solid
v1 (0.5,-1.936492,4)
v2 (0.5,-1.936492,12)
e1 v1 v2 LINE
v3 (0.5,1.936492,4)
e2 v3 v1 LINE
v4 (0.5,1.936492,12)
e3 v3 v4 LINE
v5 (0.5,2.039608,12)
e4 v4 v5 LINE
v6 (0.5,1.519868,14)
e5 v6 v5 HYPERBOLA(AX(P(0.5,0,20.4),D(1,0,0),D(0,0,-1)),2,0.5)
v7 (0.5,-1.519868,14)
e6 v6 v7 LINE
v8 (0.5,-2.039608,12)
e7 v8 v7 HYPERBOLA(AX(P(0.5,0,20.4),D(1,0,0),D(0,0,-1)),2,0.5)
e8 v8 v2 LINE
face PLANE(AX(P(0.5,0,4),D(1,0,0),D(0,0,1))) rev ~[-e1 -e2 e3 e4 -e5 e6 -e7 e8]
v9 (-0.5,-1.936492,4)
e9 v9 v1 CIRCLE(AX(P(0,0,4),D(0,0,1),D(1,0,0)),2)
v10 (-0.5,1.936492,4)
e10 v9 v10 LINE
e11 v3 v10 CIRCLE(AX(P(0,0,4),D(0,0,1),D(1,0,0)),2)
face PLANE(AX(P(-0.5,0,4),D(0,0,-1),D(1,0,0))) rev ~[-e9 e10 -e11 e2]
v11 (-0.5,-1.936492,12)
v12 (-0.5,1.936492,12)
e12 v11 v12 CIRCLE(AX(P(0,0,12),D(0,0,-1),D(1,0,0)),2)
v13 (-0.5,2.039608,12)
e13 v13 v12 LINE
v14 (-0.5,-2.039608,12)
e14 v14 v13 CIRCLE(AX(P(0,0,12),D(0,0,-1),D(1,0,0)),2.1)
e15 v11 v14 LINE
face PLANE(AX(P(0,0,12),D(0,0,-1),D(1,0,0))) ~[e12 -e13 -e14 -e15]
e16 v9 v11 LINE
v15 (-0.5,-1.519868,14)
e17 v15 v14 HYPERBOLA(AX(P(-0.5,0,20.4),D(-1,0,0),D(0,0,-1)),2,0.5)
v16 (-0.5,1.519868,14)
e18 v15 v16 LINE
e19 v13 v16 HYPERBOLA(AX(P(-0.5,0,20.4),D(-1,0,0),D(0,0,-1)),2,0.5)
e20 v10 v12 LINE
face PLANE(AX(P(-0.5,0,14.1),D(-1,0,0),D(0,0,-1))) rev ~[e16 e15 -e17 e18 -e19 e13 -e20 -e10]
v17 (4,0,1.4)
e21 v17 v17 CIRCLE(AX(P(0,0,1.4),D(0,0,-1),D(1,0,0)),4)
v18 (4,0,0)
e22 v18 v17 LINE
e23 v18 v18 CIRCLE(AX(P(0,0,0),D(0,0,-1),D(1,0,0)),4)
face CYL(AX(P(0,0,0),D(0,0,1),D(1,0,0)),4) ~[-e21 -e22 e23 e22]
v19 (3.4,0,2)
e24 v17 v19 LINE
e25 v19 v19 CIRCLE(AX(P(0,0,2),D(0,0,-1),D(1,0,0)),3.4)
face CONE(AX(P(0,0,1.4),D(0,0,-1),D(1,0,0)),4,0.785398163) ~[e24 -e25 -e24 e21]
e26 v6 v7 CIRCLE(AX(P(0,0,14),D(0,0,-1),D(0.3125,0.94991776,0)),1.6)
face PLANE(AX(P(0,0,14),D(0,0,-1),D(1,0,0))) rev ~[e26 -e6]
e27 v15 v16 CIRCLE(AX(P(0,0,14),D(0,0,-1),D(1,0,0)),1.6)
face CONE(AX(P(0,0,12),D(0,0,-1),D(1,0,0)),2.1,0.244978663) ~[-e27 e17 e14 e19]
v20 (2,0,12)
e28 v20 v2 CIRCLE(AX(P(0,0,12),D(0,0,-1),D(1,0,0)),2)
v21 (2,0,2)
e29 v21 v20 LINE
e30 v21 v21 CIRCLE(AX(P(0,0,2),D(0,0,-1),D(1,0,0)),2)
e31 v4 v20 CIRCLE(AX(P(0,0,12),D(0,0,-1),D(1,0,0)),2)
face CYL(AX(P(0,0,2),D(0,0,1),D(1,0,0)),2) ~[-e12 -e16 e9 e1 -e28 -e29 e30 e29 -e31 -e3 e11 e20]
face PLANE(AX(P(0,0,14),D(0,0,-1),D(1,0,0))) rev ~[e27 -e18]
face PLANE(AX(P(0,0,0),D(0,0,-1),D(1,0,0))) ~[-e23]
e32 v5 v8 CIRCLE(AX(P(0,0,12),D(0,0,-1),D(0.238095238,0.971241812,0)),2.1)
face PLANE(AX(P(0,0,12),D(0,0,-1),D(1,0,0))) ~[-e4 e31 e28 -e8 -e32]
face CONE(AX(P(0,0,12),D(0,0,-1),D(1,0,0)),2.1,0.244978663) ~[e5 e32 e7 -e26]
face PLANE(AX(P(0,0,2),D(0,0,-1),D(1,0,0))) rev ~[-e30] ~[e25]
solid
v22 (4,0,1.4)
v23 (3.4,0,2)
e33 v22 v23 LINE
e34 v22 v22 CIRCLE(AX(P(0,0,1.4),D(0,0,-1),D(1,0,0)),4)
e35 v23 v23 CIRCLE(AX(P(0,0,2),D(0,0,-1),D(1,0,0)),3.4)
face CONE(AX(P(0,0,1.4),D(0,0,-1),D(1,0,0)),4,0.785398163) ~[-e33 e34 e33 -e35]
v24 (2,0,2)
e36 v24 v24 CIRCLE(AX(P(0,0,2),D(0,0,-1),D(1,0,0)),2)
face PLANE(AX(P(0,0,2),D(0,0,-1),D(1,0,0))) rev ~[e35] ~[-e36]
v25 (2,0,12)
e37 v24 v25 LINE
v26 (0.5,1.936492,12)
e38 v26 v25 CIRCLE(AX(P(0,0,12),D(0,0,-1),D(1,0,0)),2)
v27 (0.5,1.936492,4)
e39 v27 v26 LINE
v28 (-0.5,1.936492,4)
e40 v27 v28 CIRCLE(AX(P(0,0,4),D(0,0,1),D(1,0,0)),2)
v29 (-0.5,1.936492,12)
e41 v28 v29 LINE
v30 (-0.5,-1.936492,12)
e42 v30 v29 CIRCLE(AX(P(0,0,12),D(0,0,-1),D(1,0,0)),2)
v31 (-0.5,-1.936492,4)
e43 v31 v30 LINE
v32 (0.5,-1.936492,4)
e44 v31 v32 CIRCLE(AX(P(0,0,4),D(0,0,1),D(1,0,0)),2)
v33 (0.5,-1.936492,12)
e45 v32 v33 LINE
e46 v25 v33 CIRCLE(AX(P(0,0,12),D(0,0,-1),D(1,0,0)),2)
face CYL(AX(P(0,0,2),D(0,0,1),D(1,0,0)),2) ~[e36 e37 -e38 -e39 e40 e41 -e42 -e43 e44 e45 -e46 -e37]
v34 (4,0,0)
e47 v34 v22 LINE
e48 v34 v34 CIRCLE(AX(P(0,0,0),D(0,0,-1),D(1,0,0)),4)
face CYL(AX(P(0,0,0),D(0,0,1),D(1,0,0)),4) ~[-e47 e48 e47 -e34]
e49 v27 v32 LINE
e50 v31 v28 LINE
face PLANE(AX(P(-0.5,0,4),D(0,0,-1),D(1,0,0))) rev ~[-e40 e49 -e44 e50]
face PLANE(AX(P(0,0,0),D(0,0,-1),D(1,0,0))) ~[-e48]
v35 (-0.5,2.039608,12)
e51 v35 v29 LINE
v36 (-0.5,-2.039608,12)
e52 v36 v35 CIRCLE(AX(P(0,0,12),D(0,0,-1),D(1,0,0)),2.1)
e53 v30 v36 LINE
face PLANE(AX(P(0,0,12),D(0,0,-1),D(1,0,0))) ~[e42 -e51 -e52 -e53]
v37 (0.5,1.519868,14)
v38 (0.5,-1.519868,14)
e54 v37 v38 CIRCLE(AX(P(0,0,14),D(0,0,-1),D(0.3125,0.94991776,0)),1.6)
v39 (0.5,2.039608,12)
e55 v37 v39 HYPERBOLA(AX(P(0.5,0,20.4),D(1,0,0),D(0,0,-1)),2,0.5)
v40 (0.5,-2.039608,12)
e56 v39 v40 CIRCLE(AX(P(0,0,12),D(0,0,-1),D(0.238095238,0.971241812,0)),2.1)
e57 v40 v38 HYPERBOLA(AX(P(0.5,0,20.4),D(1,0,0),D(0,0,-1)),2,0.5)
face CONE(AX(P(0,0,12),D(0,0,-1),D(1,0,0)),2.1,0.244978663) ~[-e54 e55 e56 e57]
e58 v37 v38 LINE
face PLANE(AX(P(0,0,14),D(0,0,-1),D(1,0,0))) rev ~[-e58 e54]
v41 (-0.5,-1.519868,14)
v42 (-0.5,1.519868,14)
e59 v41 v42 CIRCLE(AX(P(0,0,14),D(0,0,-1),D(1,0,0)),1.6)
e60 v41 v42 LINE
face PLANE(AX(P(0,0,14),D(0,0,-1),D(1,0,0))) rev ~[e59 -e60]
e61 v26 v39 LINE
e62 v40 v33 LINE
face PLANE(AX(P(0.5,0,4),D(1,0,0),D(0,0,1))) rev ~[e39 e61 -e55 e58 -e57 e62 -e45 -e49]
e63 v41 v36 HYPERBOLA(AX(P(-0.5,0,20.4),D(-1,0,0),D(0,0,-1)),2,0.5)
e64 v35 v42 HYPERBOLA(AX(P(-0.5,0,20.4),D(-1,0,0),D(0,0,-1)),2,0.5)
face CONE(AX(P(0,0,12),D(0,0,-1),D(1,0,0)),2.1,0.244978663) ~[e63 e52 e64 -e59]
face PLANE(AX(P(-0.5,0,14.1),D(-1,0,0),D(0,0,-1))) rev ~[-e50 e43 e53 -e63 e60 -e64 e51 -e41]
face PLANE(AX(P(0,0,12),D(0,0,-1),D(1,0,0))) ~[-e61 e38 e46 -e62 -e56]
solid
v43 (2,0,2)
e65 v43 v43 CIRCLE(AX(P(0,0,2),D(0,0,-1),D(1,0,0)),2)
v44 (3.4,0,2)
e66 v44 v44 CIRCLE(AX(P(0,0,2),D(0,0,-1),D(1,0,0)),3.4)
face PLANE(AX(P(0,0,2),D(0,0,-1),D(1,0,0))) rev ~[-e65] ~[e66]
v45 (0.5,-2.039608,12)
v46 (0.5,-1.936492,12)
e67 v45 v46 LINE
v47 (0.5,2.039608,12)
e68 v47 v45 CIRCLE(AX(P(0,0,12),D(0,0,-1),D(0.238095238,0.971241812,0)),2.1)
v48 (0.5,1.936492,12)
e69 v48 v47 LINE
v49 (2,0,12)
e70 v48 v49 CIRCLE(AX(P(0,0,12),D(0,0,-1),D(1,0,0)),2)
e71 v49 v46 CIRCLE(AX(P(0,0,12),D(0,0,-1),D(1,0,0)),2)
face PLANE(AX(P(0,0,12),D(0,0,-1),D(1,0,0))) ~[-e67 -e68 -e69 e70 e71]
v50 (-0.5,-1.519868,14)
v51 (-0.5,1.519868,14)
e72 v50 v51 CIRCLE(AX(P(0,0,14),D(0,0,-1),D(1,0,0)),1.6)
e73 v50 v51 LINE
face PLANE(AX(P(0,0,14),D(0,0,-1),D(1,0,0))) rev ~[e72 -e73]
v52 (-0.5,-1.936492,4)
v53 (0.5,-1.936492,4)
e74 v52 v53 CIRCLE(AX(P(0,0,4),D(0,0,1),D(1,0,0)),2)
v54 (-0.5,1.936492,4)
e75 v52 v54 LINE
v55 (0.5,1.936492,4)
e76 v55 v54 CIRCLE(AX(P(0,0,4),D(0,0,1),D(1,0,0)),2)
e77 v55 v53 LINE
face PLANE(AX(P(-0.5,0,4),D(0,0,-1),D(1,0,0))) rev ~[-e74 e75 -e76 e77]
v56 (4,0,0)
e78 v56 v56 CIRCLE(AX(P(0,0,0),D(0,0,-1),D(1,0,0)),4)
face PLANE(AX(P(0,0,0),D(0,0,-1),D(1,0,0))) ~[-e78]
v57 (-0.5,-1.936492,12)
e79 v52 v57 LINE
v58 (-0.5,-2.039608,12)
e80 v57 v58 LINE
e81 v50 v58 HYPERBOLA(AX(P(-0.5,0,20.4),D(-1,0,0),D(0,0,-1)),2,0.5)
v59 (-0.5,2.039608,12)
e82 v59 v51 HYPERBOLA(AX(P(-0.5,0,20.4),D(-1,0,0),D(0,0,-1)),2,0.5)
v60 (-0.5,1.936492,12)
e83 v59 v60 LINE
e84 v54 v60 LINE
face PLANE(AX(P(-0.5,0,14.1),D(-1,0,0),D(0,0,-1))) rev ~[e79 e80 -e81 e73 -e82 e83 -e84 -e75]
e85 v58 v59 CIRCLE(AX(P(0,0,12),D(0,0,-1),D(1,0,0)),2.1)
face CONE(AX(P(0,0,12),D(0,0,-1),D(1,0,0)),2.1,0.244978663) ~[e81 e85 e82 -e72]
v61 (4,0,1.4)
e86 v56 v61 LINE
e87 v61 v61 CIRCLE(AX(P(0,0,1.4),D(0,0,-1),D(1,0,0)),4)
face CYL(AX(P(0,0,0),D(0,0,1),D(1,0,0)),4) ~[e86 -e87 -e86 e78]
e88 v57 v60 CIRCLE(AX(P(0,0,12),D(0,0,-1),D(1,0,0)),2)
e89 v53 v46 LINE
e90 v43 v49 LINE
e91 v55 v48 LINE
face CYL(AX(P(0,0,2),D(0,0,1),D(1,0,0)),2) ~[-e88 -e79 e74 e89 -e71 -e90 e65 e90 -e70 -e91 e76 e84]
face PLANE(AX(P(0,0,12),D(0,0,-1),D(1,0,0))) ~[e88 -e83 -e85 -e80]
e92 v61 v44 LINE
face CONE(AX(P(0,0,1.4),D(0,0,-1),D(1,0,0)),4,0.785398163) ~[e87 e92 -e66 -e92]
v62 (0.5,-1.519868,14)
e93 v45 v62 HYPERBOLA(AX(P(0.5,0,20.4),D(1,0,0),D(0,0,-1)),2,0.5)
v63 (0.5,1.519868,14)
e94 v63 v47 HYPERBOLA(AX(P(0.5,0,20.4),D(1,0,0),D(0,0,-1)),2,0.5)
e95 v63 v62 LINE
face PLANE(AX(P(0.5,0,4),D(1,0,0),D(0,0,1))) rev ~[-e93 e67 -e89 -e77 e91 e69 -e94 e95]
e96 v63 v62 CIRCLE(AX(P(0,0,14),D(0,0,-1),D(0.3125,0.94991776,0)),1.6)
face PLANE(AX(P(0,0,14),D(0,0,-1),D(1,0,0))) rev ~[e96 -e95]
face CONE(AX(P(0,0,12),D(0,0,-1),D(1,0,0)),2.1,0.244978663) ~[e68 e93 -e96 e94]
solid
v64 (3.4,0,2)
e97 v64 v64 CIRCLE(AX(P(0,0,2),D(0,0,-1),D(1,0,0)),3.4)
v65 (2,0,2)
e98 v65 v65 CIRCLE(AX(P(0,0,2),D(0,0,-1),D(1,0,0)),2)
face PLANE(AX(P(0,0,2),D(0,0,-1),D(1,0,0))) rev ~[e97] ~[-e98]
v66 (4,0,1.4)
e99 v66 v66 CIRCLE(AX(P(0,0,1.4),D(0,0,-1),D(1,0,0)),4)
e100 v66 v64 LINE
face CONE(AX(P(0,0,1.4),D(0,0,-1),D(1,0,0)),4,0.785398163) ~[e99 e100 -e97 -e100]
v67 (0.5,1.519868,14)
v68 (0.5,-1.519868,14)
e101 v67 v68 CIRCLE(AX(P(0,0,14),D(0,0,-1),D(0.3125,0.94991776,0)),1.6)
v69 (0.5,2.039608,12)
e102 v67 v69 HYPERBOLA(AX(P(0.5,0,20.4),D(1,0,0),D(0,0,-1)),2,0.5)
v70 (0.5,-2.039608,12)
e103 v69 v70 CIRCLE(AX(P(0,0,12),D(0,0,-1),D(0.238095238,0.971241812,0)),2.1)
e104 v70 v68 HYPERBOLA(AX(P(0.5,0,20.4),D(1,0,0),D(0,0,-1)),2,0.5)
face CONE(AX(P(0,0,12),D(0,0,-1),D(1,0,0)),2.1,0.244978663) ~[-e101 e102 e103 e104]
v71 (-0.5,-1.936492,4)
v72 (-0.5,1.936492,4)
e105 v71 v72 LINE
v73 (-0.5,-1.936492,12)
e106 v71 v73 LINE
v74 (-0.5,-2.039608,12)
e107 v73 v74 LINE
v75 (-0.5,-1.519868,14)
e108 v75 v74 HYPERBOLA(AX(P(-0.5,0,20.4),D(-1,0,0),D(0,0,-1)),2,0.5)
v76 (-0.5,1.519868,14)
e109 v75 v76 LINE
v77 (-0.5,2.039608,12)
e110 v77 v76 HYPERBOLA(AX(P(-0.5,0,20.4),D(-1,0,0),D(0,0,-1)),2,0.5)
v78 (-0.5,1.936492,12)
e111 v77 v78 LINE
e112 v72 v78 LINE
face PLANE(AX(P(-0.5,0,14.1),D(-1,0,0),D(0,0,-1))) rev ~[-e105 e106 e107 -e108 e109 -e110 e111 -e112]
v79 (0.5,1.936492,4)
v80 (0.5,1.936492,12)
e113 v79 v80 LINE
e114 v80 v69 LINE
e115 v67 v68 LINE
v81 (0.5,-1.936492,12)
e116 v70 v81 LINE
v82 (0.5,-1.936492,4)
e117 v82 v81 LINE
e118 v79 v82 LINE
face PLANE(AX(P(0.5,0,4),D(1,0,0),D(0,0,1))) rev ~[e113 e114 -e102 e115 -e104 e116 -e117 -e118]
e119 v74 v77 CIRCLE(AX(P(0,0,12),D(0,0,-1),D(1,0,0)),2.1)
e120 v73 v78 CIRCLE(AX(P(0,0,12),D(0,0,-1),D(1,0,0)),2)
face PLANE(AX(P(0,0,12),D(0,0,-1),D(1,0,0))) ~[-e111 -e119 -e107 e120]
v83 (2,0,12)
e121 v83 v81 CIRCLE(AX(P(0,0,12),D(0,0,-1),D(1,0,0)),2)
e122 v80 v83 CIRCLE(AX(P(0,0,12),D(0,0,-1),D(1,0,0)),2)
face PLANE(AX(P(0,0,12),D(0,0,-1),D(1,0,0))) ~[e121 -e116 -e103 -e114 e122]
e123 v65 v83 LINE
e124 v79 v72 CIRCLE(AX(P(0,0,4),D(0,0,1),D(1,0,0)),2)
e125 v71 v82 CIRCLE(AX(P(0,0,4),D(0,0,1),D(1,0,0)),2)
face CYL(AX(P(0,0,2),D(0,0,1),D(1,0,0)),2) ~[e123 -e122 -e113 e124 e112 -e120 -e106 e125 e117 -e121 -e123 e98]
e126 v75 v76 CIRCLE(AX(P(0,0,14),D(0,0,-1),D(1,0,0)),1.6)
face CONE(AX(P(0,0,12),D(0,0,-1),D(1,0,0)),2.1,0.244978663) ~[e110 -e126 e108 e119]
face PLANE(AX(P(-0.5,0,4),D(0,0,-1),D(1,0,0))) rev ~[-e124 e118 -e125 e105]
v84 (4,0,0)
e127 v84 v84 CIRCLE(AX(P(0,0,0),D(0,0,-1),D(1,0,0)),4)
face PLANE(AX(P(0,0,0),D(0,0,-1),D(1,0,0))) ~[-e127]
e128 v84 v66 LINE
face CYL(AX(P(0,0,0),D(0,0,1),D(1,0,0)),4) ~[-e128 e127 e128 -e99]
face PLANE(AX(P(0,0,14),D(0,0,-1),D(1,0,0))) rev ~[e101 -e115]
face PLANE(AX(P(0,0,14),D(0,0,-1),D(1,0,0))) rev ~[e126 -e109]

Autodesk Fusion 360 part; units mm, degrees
sketch "Pin - dimensioned axial profile" plane through (0, 0, 0) normal (0, 1, 0) x (1, 0, 0) in component "Push pin - native"
  line L0 (0, 0) -> (4, 0)
  line L1 (4, 0) -> (4, -1.4)
  line L2 (4, -1.4) -> (3.4, -2)
  line L3 (3.4, -2) -> (2, -2)
  line L4 (2, -2) -> (2, -12)
  line L5 (2, -12) -> (2.1, -12)
  line L6 (2.1, -12) -> (1.6, -14)
  line L7 (1.6, -14) -> (0, -14)
  line L8 (0, -14) -> (0, 0)
  dimension "d12" = 4
  dimension "d13" = 1.4
  dimension "d14" = 0.8485
  dimension "d15" = 1.4
  dimension "d16" = 10
  dimension "d17" = 0.1
  dimension "d18" = 2.0616
  dimension "d19" = 1.6
  dimension "d20" = 14
revolve "Pin - full revolve" add sketch "Pin - dimensioned axial profile" angle 360 about axis through (0, 0, 14) along (0, 0, -1) in component "Push pin - native"
sketch "Pin - split profile" plane through (0, 0, 0) normal (0, 1, 0) x (1, 0, 0) in component "Push pin - native"
  line L0 (-0.5, -4) -> (0.5, -4)
  line L1 (0.5, -4) -> (0.5, -14.1)
  line L2 (0.5, -14.1) -> (-0.5, -14.1)
  line L3 (-0.5, -14.1) -> (-0.5, -4)
  dimension "d22" = 1
  dimension "d23" = 10.1
extrude "Pin - symmetric split cut" cut sketch "Pin - split profile" along normal mid plane 6 in component "Push pin - native"
component "Push pin - native" placed x (1, 0, 0) y (0, 1, 0) z (0, 0, 1) at (0, 0, 0)
component "Push pin - native" placed x (1, 0, 0) y (0, 1, 0) z (0, 0, 1) at (0, 0, 0)
component "Push pin - native" placed x (1, 0, 0) y (0, 1, 0) z (0, 0, 1) at (0, 0, 0)
component "Push pin - native" placed x (1, 0, 0) y (0, 1, 0) z (0, 0, 1) at (0, 0, 0)
equation "pinHeadRadius = 4 mm"
equation "pinHeadHeight = 2 mm"
equation "pinHeadChamfer = 0.6 mm"
equation "pinShaftDiameter = 4 mm"
equation "pinShaftLength = 10 mm"
equation "pinCrownDiameter = 4.2 mm"
equation "pinCrownHeight = 2 mm"
equation "pinTipRadius = 1.6 mm"
equation "pinSplitWidth = 1 mm"
equation "pinSplitRoot = 4 mm"
equation "pinSplitOverrun = 0.1 mm"
equation "d12 = pinHeadRadius"
equation "d13 = pinHeadHeight - pinHeadChamfer"
equation "d14 = sqrt(2) * pinHeadChamfer"
equation "d15 = pinHeadRadius - pinHeadChamfer - pinShaftDiameter / 2"
equation "d16 = pinShaftLength"
equation "d17 = ( pinCrownDiameter - pinShaftDiameter ) / 2"
equation "d18 = sqrt(( pinCrownDiameter / 2 - pinTipRadius ) ^ 2 + pinCrownHeight ^ 2)"
equation "d19 = pinTipRadius"
equation "d20 = pinHeadHeight + pinShaftLength + pinCrownHeight"
equation "d22 = pinSplitWidth"
equation "d23 = pinHeadHeight + pinShaftLength + pinCrownHeight + pinSplitOverrun - pinSplitRoot"
